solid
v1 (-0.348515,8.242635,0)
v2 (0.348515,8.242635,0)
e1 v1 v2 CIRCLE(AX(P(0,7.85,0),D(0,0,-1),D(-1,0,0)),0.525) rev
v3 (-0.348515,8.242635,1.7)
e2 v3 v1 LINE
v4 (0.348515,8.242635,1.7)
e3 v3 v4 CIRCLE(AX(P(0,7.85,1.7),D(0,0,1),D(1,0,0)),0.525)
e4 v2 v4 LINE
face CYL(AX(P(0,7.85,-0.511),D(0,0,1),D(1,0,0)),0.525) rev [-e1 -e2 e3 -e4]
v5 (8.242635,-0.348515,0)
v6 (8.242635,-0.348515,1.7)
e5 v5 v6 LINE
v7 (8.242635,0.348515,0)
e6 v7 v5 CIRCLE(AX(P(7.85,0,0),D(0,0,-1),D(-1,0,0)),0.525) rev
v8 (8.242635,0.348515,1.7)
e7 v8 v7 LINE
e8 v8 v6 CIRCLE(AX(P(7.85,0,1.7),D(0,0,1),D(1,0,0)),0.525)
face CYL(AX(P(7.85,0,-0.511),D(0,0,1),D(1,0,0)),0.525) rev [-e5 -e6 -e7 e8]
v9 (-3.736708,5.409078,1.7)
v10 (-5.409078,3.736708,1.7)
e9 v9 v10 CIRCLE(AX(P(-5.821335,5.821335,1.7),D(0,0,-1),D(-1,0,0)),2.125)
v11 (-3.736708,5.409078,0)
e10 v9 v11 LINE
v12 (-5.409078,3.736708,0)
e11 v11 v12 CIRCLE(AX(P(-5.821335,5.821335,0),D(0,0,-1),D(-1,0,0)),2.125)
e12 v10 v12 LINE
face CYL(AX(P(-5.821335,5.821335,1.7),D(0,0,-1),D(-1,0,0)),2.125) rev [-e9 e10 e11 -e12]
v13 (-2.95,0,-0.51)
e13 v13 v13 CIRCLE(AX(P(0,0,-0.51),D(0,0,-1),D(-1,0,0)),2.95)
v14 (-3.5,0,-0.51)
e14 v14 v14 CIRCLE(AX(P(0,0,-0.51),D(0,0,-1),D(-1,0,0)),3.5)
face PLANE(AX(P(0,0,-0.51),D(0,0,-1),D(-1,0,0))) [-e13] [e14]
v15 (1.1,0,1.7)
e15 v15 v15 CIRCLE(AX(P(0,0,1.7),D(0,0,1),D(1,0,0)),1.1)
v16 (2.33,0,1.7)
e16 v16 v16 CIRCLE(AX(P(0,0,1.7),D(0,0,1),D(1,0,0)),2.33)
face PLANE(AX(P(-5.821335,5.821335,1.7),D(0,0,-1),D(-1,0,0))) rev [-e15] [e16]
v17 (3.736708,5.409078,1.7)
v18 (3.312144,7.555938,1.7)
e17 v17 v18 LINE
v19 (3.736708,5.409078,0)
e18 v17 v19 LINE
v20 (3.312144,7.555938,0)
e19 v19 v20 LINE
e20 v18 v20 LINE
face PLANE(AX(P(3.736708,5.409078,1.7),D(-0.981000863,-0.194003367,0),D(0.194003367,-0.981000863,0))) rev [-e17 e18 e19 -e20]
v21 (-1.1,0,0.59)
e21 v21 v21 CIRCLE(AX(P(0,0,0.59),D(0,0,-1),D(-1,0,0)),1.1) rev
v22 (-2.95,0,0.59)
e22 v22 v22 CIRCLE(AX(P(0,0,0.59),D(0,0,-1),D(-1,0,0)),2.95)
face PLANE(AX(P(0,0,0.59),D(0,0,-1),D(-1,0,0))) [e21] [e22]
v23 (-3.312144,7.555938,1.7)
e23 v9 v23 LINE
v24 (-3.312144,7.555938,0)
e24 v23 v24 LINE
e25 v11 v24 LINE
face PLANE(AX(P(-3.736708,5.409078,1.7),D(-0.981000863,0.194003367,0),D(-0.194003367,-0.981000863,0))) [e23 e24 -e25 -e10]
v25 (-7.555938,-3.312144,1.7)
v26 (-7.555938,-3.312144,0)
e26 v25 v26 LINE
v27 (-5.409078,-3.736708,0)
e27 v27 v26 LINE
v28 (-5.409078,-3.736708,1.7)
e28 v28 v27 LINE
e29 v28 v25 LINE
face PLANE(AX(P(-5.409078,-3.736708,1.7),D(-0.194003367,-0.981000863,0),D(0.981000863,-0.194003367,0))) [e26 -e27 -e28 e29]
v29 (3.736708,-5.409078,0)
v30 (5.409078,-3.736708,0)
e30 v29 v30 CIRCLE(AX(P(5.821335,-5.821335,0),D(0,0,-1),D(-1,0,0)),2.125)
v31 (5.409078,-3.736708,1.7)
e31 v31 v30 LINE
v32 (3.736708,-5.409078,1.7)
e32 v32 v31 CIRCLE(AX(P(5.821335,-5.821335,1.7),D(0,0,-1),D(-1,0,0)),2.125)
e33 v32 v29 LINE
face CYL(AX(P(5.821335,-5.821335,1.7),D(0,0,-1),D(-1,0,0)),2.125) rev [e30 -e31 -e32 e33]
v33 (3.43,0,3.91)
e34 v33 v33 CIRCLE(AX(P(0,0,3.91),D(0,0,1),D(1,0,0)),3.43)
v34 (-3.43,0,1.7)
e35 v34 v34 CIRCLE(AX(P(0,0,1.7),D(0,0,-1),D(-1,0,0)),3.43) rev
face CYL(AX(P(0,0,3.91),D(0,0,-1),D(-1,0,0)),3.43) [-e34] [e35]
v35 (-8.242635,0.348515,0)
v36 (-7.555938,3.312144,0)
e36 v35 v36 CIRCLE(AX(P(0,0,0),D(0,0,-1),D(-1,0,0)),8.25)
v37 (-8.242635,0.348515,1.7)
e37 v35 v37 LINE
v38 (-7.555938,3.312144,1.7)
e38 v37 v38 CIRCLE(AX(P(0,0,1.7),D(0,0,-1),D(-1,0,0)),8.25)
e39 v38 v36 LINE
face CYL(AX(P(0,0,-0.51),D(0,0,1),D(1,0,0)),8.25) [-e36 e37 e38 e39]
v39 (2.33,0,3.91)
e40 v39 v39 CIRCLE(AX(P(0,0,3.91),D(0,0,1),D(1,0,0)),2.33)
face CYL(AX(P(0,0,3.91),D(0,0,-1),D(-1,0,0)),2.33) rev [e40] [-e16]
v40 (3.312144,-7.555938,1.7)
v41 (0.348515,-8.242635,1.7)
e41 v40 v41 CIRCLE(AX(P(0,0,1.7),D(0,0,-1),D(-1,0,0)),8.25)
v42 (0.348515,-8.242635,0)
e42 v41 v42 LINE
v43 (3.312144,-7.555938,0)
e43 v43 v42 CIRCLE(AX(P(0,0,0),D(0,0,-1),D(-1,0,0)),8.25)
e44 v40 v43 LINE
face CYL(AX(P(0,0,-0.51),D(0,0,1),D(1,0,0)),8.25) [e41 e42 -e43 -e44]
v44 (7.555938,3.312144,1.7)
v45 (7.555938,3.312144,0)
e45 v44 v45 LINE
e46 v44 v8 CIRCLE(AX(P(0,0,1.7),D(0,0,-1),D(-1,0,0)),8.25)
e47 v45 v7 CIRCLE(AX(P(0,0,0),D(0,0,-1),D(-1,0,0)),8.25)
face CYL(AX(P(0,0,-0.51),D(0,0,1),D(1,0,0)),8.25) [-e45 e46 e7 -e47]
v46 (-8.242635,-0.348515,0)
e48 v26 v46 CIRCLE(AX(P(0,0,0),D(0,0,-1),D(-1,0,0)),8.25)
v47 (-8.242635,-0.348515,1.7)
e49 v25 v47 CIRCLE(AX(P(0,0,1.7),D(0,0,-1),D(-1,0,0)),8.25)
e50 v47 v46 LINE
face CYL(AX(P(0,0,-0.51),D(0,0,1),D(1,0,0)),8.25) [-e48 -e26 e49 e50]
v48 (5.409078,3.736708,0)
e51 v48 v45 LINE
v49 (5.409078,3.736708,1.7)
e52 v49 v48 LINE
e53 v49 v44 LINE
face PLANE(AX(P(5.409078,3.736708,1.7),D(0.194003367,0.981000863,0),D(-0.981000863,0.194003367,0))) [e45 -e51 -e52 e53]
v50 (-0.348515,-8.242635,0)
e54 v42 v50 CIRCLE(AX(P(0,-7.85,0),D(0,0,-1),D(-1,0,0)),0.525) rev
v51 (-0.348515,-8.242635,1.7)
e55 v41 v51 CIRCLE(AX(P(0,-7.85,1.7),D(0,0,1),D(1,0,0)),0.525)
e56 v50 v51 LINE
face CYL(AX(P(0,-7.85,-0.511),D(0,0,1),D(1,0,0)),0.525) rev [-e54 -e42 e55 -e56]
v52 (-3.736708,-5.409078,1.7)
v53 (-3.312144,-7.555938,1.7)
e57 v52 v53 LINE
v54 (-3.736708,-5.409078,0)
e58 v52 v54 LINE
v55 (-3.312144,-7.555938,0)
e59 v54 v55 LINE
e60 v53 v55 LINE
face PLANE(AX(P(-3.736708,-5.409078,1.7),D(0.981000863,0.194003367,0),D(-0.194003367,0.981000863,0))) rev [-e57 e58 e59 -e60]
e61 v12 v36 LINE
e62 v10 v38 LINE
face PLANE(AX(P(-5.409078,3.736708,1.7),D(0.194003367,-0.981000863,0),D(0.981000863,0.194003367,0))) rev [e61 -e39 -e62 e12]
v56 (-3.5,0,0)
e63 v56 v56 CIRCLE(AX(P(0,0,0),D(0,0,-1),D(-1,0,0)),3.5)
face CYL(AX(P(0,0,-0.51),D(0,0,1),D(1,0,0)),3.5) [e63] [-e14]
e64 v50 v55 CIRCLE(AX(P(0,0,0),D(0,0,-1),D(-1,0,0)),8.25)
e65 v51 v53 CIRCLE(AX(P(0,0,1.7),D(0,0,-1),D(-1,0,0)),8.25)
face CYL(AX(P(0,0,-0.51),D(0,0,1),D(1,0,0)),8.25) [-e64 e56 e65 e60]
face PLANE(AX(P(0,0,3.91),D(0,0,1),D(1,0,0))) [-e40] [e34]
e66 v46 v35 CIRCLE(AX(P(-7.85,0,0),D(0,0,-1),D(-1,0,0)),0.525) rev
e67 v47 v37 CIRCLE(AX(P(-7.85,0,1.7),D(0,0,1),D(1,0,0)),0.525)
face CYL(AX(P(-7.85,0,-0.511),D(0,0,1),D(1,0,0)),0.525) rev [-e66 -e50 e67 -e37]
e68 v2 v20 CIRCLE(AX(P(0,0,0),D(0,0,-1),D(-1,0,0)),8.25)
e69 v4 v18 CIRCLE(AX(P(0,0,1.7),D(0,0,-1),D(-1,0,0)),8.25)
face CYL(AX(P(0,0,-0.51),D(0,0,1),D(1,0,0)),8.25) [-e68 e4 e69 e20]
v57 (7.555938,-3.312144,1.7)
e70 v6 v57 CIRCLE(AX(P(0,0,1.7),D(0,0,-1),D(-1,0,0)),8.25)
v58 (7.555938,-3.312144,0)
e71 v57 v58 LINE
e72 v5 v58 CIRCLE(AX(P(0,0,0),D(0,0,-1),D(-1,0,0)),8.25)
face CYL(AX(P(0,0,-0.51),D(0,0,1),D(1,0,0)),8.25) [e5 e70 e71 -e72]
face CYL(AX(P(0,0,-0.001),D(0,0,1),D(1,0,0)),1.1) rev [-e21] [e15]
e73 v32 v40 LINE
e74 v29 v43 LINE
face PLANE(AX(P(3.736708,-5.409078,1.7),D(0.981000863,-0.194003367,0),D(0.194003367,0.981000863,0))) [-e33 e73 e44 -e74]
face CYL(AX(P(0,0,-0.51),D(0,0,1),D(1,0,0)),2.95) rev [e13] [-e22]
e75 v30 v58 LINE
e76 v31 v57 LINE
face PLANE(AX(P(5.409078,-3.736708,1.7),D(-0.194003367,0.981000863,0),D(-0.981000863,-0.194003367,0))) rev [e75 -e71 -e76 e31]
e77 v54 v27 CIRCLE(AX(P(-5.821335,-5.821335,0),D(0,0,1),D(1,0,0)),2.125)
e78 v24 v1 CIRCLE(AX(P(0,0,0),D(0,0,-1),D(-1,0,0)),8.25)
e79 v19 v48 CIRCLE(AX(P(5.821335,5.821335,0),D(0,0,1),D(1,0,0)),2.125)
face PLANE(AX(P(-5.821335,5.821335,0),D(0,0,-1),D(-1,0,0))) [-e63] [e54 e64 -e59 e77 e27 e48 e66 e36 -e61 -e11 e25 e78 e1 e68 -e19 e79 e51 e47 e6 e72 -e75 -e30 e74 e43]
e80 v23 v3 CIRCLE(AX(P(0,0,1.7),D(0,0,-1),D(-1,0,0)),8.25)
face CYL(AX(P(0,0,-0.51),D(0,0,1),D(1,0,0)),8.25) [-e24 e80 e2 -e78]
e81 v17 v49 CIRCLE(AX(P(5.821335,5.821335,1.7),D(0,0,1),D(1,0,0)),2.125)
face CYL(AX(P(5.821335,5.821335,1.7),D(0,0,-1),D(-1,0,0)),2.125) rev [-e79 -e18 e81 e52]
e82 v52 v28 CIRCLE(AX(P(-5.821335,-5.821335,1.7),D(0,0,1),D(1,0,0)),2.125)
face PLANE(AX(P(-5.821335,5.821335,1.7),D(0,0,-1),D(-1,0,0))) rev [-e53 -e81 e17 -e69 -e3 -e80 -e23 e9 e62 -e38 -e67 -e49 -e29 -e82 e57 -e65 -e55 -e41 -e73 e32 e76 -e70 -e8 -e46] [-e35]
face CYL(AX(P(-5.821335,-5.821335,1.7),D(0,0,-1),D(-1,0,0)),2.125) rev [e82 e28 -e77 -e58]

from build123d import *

# Parameters (mm, degrees)
BOSS_EXTRUDE1_DEPTH     = 1.7
CUT_EXTRUDE1_REACH      = 3.7
SKETCH2_R               = 1.1
SKETCH3_R               = 3.43
SKETCH3_R_2             = 2.33
BOSS_EXTRUDE2_DEPTH     = 2.21
SKETCH4_R               = 3.5
SKETCH4_R_2             = 2.95
BOSS_EXTRUDE3_DEPTH     = 0.51
SKETCH5_R               = 2.95
CUT_EXTRUDE2_DEPTH      = 1.1
CUT_EXTRUDE3_REACH      = 4.21
SKETCH6_R               = 0.525
SKETCH7_R               = 18.883041925
SKETCH7_R_2             = 8.25
CUT_EXTRUDE4_DEPTH      = 3.21
CUT_EXTRUDE4_DEPTH_BACK = 3.21


with BuildPart() as part:
    # Sketch1 → Boss-Extrude1 (new body)
    with BuildSketch(Plane.XY):
        with BuildLine():
            Line((5.409077957, 3.736708277), (13.762285951, 2.084772448))
            ThreePointArc((13.762285951, 2.084772448), (15.475148434, 0), (13.762285951, -2.084772448))
            Line((13.762285951, -2.084772448), (5.409077957, -3.736708277))
            ThreePointArc((5.409077957, -3.736708277), (4.318733201, -4.318733201), (3.736708277, -5.409077957))
            Line((3.736708277, -5.409077957), (2.084772448, -13.762285951))
            ThreePointArc((2.084772448, -13.762285951), (0, -15.475148434), (-2.084772448, -13.762285951))
            Line((-2.084772448, -13.762285951), (-3.736708277, -5.409077957))
            ThreePointArc((-3.736708277, -5.409077957), (-4.318733201, -4.318733201), (-5.409077957, -3.736708277))
            Line((-5.409077957, -3.736708277), (-13.762285951, -2.084772448))
            ThreePointArc((-13.762285951, -2.084772448), (-15.475148434, 0), (-13.762285951, 2.084772448))
            Line((-13.762285951, 2.084772448), (-5.409077957, 3.736708277))
            ThreePointArc((-5.409077957, 3.736708277), (-4.318733201, 4.318733201), (-3.736708277, 5.409077957))
            Line((-3.736708277, 5.409077957), (-2.084772448, 13.762285951))
            ThreePointArc((-2.084772448, 13.762285951), (0, 15.475148434), (2.084772448, 13.762285951))
            Line((2.084772448, 13.762285951), (3.736708277, 5.409077957))
            ThreePointArc((3.736708277, 5.409077957), (4.318733201, 4.318733201), (5.409077957, 3.736708277))
        make_face()
    extrude(amount=BOSS_EXTRUDE1_DEPTH)

    # Sketch2 → Cut-Extrude1 (cut, up to next)
    with BuildSketch(Plane.XY.offset(1.7), mode=Mode.PRIVATE) as cut_extrude1_sk1:
        Circle(SKETCH2_R)
    cut_extrude1_tool1 = extrude(cut_extrude1_sk1.sketch, amount=-CUT_EXTRUDE1_REACH, mode=Mode.PRIVATE) & part.part
    add(cut_extrude1_tool1.solids().sort_by_distance((0, 0, 1.7))[0], mode=Mode.SUBTRACT)

    # Sketch3 → Boss-Extrude2 (add)
    with BuildSketch(Plane.XY.offset(1.7)):
        Circle(SKETCH3_R)
        Circle(SKETCH3_R_2, mode=Mode.SUBTRACT)
    extrude(amount=BOSS_EXTRUDE2_DEPTH)

    # Sketch4 → Boss-Extrude3 (add)
    with BuildSketch(Plane(origin=(0, 0, 0), x_dir=(-1, 0, 0), z_dir=(0, 0, -1))):
        Circle(SKETCH4_R)
        Circle(SKETCH4_R_2, mode=Mode.SUBTRACT)
    extrude(amount=BOSS_EXTRUDE3_DEPTH)

    # Sketch5 → Cut-Extrude2 (cut)
    with BuildSketch(Plane(origin=(0, 0, -0.51), x_dir=(-1, 0, 0), z_dir=(0, 0, -1))):
        Circle(SKETCH5_R)
    extrude(amount=-CUT_EXTRUDE2_DEPTH, mode=Mode.SUBTRACT)

    # Sketch6 → Cut-Extrude3 (cut, up to next)
    with BuildSketch(Plane.XY.offset(1.7), mode=Mode.PRIVATE) as cut_extrude3_sk1:
        with Locations((0, 13.35)):
            Circle(SKETCH6_R)
    cut_extrude3_tool1 = extrude(cut_extrude3_sk1.sketch, amount=-CUT_EXTRUDE3_REACH, mode=Mode.PRIVATE) & part.part
    add(cut_extrude3_tool1.solids().sort_by_distance((0, 13.35, 1.7))[0], mode=Mode.SUBTRACT)
    # Sketch6 → Cut-Extrude3 (cut, up to next)
    with BuildSketch(Plane.XY.offset(1.7), mode=Mode.PRIVATE) as cut_extrude3_sk2:
        with Locations((0, 10.6)):
            Circle(SKETCH6_R)
    cut_extrude3_tool2 = extrude(cut_extrude3_sk2.sketch, amount=-CUT_EXTRUDE3_REACH, mode=Mode.PRIVATE) & part.part
    add(cut_extrude3_tool2.solids().sort_by_distance((0, 10.6, 1.7))[0], mode=Mode.SUBTRACT)
    # Sketch6 → Cut-Extrude3 (cut, up to next)
    with BuildSketch(Plane.XY.offset(1.7), mode=Mode.PRIVATE) as cut_extrude3_sk3:
        with Locations((0, 7.85)):
            Circle(SKETCH6_R)
    cut_extrude3_tool3 = extrude(cut_extrude3_sk3.sketch, amount=-CUT_EXTRUDE3_REACH, mode=Mode.PRIVATE) & part.part
    add(cut_extrude3_tool3.solids().sort_by_distance((0, 7.85, 1.7))[0], mode=Mode.SUBTRACT)
    # Sketch6 → Cut-Extrude3 (cut, up to next)
    with BuildSketch(Plane.XY.offset(1.7), mode=Mode.PRIVATE) as cut_extrude3_sk4:
        with Locations((13.35, 0)):
            Circle(SKETCH6_R)
    cut_extrude3_tool4 = extrude(cut_extrude3_sk4.sketch, amount=-CUT_EXTRUDE3_REACH, mode=Mode.PRIVATE) & part.part
    add(cut_extrude3_tool4.solids().sort_by_distance((13.35, 0, 1.7))[0], mode=Mode.SUBTRACT)
    # Sketch6 → Cut-Extrude3 (cut, up to next)
    with BuildSketch(Plane.XY.offset(1.7), mode=Mode.PRIVATE) as cut_extrude3_sk5:
        with Locations((10.6, 0)):
            Circle(SKETCH6_R)
    cut_extrude3_tool5 = extrude(cut_extrude3_sk5.sketch, amount=-CUT_EXTRUDE3_REACH, mode=Mode.PRIVATE) & part.part
    add(cut_extrude3_tool5.solids().sort_by_distance((10.6, 0, 1.7))[0], mode=Mode.SUBTRACT)
    # Sketch6 → Cut-Extrude3 (cut, up to next)
    with BuildSketch(Plane.XY.offset(1.7), mode=Mode.PRIVATE) as cut_extrude3_sk6:
        with Locations((7.85, 0)):
            Circle(SKETCH6_R)
    cut_extrude3_tool6 = extrude(cut_extrude3_sk6.sketch, amount=-CUT_EXTRUDE3_REACH, mode=Mode.PRIVATE) & part.part
    add(cut_extrude3_tool6.solids().sort_by_distance((7.85, 0, 1.7))[0], mode=Mode.SUBTRACT)
    # Sketch6 → Cut-Extrude3 (cut, up to next)
    with BuildSketch(Plane.XY.offset(1.7), mode=Mode.PRIVATE) as cut_extrude3_sk7:
        with Locations((0, -13.35)):
            Circle(SKETCH6_R)
    cut_extrude3_tool7 = extrude(cut_extrude3_sk7.sketch, amount=-CUT_EXTRUDE3_REACH, mode=Mode.PRIVATE) & part.part
    add(cut_extrude3_tool7.solids().sort_by_distance((0, -13.35, 1.7))[0], mode=Mode.SUBTRACT)
    # Sketch6 → Cut-Extrude3 (cut, up to next)
    with BuildSketch(Plane.XY.offset(1.7), mode=Mode.PRIVATE) as cut_extrude3_sk8:
        with Locations((0, -10.6)):
            Circle(SKETCH6_R)
    cut_extrude3_tool8 = extrude(cut_extrude3_sk8.sketch, amount=-CUT_EXTRUDE3_REACH, mode=Mode.PRIVATE) & part.part
    add(cut_extrude3_tool8.solids().sort_by_distance((0, -10.6, 1.7))[0], mode=Mode.SUBTRACT)
    # Sketch6 → Cut-Extrude3 (cut, up to next)
    with BuildSketch(Plane.XY.offset(1.7), mode=Mode.PRIVATE) as cut_extrude3_sk9:
        with Locations((0, -7.85)):
            Circle(SKETCH6_R)
    cut_extrude3_tool9 = extrude(cut_extrude3_sk9.sketch, amount=-CUT_EXTRUDE3_REACH, mode=Mode.PRIVATE) & part.part
    add(cut_extrude3_tool9.solids().sort_by_distance((0, -7.85, 1.7))[0], mode=Mode.SUBTRACT)
    # Sketch6 → Cut-Extrude3 (cut, up to next)
    with BuildSketch(Plane.XY.offset(1.7), mode=Mode.PRIVATE) as cut_extrude3_sk10:
        with Locations((-13.35, 0)):
            Circle(SKETCH6_R)
    cut_extrude3_tool10 = extrude(cut_extrude3_sk10.sketch, amount=-CUT_EXTRUDE3_REACH, mode=Mode.PRIVATE) & part.part
    add(cut_extrude3_tool10.solids().sort_by_distance((-13.35, 0, 1.7))[0], mode=Mode.SUBTRACT)
    # Sketch6 → Cut-Extrude3 (cut, up to next)
    with BuildSketch(Plane.XY.offset(1.7), mode=Mode.PRIVATE) as cut_extrude3_sk11:
        with Locations((-10.6, 0)):
            Circle(SKETCH6_R)
    cut_extrude3_tool11 = extrude(cut_extrude3_sk11.sketch, amount=-CUT_EXTRUDE3_REACH, mode=Mode.PRIVATE) & part.part
    add(cut_extrude3_tool11.solids().sort_by_distance((-10.6, 0, 1.7))[0], mode=Mode.SUBTRACT)
    # Sketch6 → Cut-Extrude3 (cut, up to next)
    with BuildSketch(Plane.XY.offset(1.7), mode=Mode.PRIVATE) as cut_extrude3_sk12:
        with Locations((-7.85, 0)):
            Circle(SKETCH6_R)
    cut_extrude3_tool12 = extrude(cut_extrude3_sk12.sketch, amount=-CUT_EXTRUDE3_REACH, mode=Mode.PRIVATE) & part.part
    add(cut_extrude3_tool12.solids().sort_by_distance((-7.85, 0, 1.7))[0], mode=Mode.SUBTRACT)

    # Sketch7 → Cut-Extrude4 (cut, two sides)
    with BuildSketch(Plane.XY.offset(1.7)) as cut_extrude4_sk:
        Circle(SKETCH7_R)
        Circle(SKETCH7_R_2, mode=Mode.SUBTRACT)
    extrude(amount=CUT_EXTRUDE4_DEPTH, mode=Mode.SUBTRACT)
    extrude(cut_extrude4_sk.sketch, amount=-CUT_EXTRUDE4_DEPTH_BACK, mode=Mode.SUBTRACT)


solid = part.part
